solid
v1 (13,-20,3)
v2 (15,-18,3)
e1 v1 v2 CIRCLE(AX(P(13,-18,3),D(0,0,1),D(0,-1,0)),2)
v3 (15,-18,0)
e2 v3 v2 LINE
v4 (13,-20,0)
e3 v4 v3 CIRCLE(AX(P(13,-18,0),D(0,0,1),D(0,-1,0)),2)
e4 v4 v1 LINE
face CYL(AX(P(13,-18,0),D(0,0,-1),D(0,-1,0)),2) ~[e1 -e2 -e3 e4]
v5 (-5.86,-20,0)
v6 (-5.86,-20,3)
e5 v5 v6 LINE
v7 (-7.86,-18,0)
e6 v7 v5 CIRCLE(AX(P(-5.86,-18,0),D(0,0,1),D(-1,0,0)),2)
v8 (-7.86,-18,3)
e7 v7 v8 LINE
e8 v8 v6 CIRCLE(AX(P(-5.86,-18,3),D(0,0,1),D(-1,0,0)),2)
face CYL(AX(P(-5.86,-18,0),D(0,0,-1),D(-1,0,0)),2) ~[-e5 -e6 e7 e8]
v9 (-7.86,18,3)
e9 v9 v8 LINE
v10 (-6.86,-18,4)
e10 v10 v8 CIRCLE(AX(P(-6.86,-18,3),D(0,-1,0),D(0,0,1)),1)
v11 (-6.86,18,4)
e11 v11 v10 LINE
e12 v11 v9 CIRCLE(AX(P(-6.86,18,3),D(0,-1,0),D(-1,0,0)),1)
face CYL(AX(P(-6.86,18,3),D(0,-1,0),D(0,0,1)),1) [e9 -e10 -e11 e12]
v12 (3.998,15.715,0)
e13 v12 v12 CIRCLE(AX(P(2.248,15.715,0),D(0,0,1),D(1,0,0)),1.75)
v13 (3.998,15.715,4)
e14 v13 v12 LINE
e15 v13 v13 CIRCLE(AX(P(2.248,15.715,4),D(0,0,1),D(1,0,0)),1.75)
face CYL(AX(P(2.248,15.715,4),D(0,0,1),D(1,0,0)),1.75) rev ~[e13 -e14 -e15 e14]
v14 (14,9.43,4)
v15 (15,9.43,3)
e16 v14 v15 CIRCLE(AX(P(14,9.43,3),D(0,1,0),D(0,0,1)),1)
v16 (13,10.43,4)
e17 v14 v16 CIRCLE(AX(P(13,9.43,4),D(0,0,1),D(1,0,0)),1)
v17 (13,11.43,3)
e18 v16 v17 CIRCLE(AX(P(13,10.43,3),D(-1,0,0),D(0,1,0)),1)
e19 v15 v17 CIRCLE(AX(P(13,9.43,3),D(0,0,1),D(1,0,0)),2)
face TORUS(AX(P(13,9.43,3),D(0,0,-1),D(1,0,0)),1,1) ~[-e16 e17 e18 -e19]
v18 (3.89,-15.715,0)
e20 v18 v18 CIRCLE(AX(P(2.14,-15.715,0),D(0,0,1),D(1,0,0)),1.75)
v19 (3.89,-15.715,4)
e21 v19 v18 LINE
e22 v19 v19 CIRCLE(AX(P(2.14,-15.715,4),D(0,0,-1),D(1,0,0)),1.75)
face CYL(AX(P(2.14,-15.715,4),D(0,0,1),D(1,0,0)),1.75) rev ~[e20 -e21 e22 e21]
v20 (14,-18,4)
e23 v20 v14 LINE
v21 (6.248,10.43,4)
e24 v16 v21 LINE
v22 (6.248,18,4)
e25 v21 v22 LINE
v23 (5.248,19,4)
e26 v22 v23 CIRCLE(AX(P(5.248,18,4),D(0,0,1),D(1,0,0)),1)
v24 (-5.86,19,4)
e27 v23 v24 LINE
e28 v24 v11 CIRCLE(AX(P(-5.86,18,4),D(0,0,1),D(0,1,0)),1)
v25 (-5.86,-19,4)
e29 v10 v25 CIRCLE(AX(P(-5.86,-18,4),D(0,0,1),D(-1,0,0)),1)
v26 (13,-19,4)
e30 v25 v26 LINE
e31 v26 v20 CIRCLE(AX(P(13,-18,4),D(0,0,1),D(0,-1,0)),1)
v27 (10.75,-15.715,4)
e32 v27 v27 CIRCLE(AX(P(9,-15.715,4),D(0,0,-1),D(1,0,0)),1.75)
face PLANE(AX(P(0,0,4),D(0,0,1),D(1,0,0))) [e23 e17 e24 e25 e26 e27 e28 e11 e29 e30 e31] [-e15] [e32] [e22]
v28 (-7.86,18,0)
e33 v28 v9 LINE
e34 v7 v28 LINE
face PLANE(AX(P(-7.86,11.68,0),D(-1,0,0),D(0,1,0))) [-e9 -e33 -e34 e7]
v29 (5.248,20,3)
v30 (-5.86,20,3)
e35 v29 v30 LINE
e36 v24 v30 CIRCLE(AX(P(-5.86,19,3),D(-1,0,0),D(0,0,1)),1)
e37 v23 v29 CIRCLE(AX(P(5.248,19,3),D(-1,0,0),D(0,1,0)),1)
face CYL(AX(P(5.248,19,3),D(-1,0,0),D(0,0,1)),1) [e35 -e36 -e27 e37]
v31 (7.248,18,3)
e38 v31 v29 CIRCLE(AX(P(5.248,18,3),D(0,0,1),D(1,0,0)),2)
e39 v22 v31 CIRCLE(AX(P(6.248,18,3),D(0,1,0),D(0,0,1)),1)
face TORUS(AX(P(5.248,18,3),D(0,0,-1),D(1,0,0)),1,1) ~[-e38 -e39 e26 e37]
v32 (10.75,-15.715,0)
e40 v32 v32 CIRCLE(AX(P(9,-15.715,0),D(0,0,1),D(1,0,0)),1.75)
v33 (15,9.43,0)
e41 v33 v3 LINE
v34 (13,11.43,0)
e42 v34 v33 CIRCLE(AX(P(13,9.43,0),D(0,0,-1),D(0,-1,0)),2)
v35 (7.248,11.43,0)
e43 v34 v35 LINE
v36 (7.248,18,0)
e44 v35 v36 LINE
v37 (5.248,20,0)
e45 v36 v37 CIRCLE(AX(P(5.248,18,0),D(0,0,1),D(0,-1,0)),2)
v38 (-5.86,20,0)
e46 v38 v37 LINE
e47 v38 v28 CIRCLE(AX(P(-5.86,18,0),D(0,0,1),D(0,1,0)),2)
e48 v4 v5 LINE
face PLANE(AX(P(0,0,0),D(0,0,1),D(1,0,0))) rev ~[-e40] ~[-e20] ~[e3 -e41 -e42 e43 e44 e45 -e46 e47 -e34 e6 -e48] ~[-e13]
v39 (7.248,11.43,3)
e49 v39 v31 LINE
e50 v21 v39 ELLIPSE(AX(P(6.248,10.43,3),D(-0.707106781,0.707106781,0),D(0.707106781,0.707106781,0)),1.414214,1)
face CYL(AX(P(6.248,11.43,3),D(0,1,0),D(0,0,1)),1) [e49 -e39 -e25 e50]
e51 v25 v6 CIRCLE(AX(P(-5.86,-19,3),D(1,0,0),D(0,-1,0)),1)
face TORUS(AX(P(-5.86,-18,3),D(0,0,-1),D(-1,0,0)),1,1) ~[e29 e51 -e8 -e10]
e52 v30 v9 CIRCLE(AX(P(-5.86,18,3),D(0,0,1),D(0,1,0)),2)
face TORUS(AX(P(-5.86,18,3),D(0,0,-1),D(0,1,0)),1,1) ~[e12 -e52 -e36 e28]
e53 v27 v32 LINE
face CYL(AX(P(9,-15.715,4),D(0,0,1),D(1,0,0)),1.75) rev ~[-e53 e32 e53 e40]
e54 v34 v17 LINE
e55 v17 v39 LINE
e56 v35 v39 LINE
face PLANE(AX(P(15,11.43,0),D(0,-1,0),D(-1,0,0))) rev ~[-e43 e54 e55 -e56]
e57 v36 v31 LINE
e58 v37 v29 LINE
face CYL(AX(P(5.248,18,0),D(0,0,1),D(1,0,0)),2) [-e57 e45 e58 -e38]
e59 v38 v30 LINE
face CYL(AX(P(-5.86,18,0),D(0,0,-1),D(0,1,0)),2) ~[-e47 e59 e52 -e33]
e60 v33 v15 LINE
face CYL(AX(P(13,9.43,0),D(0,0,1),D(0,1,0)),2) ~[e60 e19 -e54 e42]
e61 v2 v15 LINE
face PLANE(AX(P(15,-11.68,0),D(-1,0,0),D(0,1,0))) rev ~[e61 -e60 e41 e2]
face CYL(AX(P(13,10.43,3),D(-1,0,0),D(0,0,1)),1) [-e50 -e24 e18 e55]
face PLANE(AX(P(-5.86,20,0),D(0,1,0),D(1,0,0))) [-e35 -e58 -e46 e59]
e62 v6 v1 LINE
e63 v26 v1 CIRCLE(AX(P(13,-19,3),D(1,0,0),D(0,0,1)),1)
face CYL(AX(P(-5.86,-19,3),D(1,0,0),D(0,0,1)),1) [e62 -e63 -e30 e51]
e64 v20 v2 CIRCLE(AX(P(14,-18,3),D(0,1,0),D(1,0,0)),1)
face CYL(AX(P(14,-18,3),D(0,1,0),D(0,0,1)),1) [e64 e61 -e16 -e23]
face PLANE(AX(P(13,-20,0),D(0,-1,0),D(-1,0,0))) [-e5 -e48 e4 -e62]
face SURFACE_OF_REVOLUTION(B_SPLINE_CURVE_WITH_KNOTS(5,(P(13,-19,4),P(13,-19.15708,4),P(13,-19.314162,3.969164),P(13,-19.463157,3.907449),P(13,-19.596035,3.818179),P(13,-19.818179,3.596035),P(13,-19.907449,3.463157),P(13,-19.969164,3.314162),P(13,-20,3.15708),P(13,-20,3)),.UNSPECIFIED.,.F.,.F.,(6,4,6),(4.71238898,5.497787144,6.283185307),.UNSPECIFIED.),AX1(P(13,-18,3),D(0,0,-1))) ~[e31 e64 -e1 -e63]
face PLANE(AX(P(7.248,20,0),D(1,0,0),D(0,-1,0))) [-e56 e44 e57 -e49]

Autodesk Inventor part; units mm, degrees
ref_plane "YZ Plane" through (0, 0, 0) normal (1, 0, 0) x (0, 1, 0)
ref_plane "XZ Plane" through (0, 0, 0) normal (0, 1, 0) x (-1, 0, 0)
ref_plane "Work Plane1" through (-7.86, -16.002, 12.7) normal (0, 0, 1) x (1, 0, 0)
sketch "Sketch5" plane through (0, 0, 0) normal (0, 0, 1) x (1, 0, 0)
  line L0 (7.248, 20) -> (7.248, 11.68) projected
  line L1 (-5.86, 20) -> (7.248, 20) projected
  arc A0 (-5.86, 20) -> (-7.86, 18) centre (-5.86, 18) ccw projected
  line L2 (-7.86, 11.68) -> (-7.86, 18) projected
  line L3 (-3.792, 11.68) -> (-7.86, 11.68) projected
  line L4 (-3.792, 16.252) -> (-3.792, 11.68) projected
  line L5 (-0.752, 16.252) -> (-3.792, 16.252) projected
  line L6 (-0.752, 11.68) -> (-0.752, 16.252) projected
  line L7 (7.248, 11.68) -> (-0.752, 11.68) projected
  arc A1 (-7.86, -18) -> (-5.86, -20) centre (-5.86, -18) ccw projected
  line L8 (13, -20) -> (-5.86, -20) projected
  arc A2 (13, -20) -> (15, -18) centre (13, -18) ccw projected
  line L9 (15, -11.68) -> (15, -18) projected
  line L10 (-0.752, -11.68) -> (15, -11.68) projected
  line L11 (-0.752, -16.252) -> (-0.752, -11.68) projected
  line L12 (-3.792, -16.252) -> (-0.752, -16.252) projected
  line L13 (-3.792, -11.68) -> (-3.792, -16.252) projected
  line L14 (-7.86, -11.68) -> (-3.792, -11.68) projected
  line L15 (-7.86, -18) -> (-7.86, -11.68) projected
  line L16 (-0.752, 16.252) -> (-3.792, 16.252)
  line L17 (-3.792, 16.252) -> (-3.792, -16.252)
  line L18 (-3.792, -16.252) -> (-0.752, -16.252)
  line L19 (-0.752, -16.252) -> (-0.752, 16.252)
  line L20 (7.248, 11.68) -> (-7.86, 11.68)
  line L21 (-7.86, 11.68) -> (-7.86, -11.68)
  line L22 (-7.86, -11.68) -> (7.248, -11.68)
  line L23 (7.248, -11.68) -> (7.248, 11.68)
  line L24 (15, 11.43) -> (-1.002, 11.43) projected
  line L25 (15, 11.43) -> (7.248, 11.43)
  line L26 (7.248, 11.43) -> (7.248, -11.68)
  line L27 (7.248, -11.68) -> (15, -11.68)
  line L28 (15, -11.68) -> (15, 11.43)
  point P0 (0, 0)
extrude "Extrusion3" add sketch "Sketch5" along normal blind 4
sketch "Sketch6" plane through (0, 0, 4) normal (0, 0, 1) x (1, 0, 0)
  line L0 (7.248, 11.43) -> (7.248, 20) projected
  line L1 (7.248, 15.715) -> (2.248, 15.715)
  circle A0 centre (2.248, 15.715) radius 1.75
  line L2 (14.9228, 0) -> (0, 0)
  line L3 (7.248, 20) -> (7.248, 15.715)
  line L4 (15, -18) -> (15, 11.43) projected
  line L5 (15, -20) -> (15, -15.715)
  line L6 (15, -15.715) -> (-7.86, -15.715)
  line L7 (-7.86, 18) -> (-7.86, -18) projected
  line L8 (15, -15.715) -> (9, -15.715)
  circle A1 centre (9, -15.715) radius 1.75
  line L9 (-7.86, -15.715) -> (2.14, -15.715)
  circle A2 centre (2.14, -15.715) radius 1.75
  dimension "d14" = 5
  dimension "d15" = 3.5
  dimension "d16" = 4.285
  dimension "d17" = 6
  dimension "d18" = 3.5
  dimension "d19" = 10
  dimension "d20" = 3.5
extrude "Extrusion4" cut sketch "Sketch6" against normal blind 4
fillet "Fillet1" radius 2 2 edges at (7.248, 20, 2) (15, 11.43, 2)
fillet "Fillet2" radius 1 11 edges at (6.6622, 19.4142, 4) (-0.306, 20, 4) (-7.2742, 19.4142, 4) (-7.86, 0, 4) (-7.2742, -19.4142, 4) (3.57, -20, 4) (14.4142, -19.4142, 4) (15, -4.285, 4) (14.4142, 10.8442, 4) (10.124, 11.43, 4) (7.248, 14.715, 4)
properties part number "SyringeServoBaseClamp"
